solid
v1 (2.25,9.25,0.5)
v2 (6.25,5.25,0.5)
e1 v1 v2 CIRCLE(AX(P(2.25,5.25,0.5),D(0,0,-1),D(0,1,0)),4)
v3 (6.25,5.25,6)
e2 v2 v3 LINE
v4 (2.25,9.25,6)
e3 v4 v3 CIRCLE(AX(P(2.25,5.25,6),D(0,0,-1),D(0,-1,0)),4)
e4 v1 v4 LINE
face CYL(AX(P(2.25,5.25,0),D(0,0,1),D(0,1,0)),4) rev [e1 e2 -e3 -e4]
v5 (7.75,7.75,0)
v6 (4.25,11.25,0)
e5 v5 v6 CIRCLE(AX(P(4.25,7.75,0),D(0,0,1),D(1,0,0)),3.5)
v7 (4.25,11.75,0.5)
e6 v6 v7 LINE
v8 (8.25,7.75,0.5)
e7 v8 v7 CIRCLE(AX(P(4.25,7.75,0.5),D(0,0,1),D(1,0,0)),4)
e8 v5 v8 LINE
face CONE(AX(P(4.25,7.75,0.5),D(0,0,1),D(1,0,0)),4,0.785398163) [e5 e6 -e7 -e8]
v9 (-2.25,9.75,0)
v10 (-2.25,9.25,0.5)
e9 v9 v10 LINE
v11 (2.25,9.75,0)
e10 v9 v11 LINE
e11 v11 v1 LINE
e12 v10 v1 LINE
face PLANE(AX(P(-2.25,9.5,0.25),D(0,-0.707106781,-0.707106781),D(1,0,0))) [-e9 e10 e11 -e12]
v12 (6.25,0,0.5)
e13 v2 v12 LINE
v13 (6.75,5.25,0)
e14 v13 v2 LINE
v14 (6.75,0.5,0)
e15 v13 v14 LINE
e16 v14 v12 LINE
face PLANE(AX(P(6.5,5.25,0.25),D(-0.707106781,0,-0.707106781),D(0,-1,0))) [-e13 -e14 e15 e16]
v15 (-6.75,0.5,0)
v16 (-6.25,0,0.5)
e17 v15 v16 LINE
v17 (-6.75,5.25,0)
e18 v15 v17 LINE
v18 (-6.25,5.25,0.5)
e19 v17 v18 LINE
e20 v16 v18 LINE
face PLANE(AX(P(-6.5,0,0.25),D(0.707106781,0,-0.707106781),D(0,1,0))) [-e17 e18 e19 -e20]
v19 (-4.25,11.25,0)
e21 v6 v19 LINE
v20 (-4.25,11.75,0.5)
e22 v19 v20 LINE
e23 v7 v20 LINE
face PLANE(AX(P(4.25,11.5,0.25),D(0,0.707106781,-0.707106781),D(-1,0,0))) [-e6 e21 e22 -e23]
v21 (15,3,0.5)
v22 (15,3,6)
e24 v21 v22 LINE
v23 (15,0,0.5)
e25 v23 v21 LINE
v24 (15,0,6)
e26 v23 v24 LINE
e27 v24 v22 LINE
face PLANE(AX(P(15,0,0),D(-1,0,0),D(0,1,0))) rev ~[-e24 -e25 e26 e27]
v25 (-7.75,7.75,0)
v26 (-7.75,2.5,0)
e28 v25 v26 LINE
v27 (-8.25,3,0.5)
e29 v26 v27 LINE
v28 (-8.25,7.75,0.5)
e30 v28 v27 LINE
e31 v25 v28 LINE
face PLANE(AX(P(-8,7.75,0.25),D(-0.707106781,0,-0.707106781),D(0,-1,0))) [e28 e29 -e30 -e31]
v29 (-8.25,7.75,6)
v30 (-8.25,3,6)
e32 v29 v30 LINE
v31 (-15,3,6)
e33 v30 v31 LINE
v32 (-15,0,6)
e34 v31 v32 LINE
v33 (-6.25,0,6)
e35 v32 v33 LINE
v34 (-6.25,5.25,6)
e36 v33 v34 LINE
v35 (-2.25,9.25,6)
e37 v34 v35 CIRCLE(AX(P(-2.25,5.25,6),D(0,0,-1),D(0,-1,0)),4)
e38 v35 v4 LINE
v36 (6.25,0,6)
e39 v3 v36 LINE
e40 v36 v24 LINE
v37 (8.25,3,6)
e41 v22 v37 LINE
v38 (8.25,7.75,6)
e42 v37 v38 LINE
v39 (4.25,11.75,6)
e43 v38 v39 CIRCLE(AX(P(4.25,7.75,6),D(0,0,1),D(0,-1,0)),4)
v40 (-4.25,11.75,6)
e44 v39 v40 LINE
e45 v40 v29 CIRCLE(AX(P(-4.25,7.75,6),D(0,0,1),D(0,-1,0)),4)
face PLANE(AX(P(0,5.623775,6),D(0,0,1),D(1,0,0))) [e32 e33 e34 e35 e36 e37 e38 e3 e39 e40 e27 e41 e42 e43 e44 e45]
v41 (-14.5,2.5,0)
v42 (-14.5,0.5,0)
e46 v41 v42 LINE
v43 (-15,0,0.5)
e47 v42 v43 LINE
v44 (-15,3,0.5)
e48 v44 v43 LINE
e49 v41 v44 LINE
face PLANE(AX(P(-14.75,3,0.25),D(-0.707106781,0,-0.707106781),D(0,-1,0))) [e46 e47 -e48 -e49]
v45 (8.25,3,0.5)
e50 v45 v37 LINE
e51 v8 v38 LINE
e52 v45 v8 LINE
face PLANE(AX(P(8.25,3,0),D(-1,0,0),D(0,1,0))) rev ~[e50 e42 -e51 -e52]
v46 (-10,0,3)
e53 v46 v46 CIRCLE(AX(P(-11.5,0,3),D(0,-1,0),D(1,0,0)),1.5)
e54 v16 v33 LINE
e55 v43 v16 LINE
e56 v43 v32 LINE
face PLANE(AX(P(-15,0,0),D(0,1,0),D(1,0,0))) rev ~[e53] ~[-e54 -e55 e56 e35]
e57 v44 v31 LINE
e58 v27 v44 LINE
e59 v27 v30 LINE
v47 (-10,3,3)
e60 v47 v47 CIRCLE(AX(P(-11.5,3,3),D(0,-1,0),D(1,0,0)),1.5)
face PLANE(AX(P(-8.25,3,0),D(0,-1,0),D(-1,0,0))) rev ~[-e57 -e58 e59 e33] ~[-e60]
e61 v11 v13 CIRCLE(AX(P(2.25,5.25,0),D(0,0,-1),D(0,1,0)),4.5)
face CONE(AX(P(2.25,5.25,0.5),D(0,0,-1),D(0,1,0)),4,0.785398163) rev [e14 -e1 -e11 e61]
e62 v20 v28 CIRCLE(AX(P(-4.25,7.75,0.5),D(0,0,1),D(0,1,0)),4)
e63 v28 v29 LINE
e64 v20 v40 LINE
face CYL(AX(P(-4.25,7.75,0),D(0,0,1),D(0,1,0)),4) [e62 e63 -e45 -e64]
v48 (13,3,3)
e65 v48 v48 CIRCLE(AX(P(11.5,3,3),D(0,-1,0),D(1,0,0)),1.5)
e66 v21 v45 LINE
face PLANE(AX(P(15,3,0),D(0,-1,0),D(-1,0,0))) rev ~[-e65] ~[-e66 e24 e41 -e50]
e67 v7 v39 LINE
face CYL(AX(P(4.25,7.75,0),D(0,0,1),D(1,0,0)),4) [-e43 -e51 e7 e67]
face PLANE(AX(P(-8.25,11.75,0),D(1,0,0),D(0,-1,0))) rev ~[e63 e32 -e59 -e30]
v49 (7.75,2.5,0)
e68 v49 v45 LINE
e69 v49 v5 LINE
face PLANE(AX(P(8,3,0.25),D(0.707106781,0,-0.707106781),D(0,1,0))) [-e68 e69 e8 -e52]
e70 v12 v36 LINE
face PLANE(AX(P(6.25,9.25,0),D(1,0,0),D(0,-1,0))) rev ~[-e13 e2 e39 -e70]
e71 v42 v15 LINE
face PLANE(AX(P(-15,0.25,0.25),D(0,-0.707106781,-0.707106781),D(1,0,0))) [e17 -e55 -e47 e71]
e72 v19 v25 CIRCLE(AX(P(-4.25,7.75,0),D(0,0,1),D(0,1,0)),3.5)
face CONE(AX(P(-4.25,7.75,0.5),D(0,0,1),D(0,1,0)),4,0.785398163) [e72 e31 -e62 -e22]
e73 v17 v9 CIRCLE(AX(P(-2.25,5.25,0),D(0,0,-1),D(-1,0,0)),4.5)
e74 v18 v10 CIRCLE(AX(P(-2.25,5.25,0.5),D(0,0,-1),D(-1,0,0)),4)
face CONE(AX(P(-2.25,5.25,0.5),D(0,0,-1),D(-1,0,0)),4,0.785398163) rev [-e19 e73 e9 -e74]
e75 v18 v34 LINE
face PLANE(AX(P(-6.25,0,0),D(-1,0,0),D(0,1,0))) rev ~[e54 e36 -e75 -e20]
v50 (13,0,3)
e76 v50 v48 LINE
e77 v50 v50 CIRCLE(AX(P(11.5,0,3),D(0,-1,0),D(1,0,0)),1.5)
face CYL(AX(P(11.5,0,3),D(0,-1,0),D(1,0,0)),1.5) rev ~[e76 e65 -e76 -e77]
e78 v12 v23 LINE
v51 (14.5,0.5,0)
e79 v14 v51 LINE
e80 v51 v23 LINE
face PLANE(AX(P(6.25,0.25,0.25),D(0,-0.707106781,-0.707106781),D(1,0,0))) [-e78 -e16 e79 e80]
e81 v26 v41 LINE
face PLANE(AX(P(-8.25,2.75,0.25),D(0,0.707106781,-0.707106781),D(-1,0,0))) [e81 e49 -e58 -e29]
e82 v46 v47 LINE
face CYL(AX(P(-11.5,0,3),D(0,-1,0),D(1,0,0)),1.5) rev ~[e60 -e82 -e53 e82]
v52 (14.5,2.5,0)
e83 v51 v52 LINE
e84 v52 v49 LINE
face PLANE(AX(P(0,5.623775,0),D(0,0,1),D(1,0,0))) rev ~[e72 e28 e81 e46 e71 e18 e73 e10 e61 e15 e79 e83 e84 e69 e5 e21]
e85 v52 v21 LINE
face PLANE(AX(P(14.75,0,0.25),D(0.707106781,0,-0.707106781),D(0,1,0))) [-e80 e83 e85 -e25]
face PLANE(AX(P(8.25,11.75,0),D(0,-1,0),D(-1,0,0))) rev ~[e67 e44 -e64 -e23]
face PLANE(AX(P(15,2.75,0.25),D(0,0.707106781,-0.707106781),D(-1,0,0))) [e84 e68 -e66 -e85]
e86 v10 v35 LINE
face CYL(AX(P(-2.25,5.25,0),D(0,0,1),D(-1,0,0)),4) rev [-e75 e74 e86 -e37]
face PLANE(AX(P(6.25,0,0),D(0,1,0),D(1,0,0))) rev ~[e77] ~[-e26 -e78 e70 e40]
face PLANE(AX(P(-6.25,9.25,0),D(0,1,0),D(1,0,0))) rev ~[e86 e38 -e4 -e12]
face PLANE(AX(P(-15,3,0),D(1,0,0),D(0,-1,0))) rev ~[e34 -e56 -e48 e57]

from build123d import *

# Parameters (mm, degrees)
PAD_DEPTH    = 6
SKETCH001_R  = 1.5
POCKET_DEPTH = 5
FILLET_R     = 4
CHAMFER_SIZE = 0.5


with BuildPart() as part:
    # Sketch → Pad (new body)
    with BuildSketch(Plane.XY):
        Polygon((-15, 0), (-6.25, 0), (-6.25, 9.25), (6.25, 9.25), (6.25, 0), (15, 0), (15, 3), (8.25, 3), (8.25, 11.75), (-8.25, 11.75), (-8.25, 3), (-15, 3), align=None)
    extrude(amount=PAD_DEPTH)

    # Sketch001 → Pocket (cut)
    with BuildSketch(Plane.XZ):
        with Locations((-11.5, 3)):
            Circle(SKETCH001_R)
        with Locations((11.5, 3)):
            Circle(SKETCH001_R)
    extrude(amount=-POCKET_DEPTH, mode=Mode.SUBTRACT)

    # Fillet
    fillet_edges = [part.edges().sort_by_distance(p)[0] for p in [
        (6.25, 9.25, 3),
        (-6.25, 9.25, 3),
        (-8.25, 11.75, 3),
        (8.25, 11.75, 3),
    ]]
    fillet(fillet_edges, radius=FILLET_R)

    # Chamfer
    chamfer_edges = [part.edges().sort_by_distance(p)[0] for p in [
        (-6.25, 2.625, 0),
        (-5.078427, 8.078427, 0),
        (-10.625, 0, 0),
        (0, 9.25, 0),
        (-15, 1.5, 0),
        (5.078427, 8.078427, 0),
        (-11.625, 3, 0),
        (6.25, 2.625, 0),
        (-8.25, 5.375, 0),
        (10.625, 0, 0),
        (-7.078427, 10.578427, 0),
        (15, 1.5, 0),
        (0, 11.75, 0),
        (11.625, 3, 0),
        (7.078427, 10.578427, 0),
        (8.25, 5.375, 0),
    ]]
    chamfer(chamfer_edges, length=CHAMFER_SIZE)


solid = part.part
